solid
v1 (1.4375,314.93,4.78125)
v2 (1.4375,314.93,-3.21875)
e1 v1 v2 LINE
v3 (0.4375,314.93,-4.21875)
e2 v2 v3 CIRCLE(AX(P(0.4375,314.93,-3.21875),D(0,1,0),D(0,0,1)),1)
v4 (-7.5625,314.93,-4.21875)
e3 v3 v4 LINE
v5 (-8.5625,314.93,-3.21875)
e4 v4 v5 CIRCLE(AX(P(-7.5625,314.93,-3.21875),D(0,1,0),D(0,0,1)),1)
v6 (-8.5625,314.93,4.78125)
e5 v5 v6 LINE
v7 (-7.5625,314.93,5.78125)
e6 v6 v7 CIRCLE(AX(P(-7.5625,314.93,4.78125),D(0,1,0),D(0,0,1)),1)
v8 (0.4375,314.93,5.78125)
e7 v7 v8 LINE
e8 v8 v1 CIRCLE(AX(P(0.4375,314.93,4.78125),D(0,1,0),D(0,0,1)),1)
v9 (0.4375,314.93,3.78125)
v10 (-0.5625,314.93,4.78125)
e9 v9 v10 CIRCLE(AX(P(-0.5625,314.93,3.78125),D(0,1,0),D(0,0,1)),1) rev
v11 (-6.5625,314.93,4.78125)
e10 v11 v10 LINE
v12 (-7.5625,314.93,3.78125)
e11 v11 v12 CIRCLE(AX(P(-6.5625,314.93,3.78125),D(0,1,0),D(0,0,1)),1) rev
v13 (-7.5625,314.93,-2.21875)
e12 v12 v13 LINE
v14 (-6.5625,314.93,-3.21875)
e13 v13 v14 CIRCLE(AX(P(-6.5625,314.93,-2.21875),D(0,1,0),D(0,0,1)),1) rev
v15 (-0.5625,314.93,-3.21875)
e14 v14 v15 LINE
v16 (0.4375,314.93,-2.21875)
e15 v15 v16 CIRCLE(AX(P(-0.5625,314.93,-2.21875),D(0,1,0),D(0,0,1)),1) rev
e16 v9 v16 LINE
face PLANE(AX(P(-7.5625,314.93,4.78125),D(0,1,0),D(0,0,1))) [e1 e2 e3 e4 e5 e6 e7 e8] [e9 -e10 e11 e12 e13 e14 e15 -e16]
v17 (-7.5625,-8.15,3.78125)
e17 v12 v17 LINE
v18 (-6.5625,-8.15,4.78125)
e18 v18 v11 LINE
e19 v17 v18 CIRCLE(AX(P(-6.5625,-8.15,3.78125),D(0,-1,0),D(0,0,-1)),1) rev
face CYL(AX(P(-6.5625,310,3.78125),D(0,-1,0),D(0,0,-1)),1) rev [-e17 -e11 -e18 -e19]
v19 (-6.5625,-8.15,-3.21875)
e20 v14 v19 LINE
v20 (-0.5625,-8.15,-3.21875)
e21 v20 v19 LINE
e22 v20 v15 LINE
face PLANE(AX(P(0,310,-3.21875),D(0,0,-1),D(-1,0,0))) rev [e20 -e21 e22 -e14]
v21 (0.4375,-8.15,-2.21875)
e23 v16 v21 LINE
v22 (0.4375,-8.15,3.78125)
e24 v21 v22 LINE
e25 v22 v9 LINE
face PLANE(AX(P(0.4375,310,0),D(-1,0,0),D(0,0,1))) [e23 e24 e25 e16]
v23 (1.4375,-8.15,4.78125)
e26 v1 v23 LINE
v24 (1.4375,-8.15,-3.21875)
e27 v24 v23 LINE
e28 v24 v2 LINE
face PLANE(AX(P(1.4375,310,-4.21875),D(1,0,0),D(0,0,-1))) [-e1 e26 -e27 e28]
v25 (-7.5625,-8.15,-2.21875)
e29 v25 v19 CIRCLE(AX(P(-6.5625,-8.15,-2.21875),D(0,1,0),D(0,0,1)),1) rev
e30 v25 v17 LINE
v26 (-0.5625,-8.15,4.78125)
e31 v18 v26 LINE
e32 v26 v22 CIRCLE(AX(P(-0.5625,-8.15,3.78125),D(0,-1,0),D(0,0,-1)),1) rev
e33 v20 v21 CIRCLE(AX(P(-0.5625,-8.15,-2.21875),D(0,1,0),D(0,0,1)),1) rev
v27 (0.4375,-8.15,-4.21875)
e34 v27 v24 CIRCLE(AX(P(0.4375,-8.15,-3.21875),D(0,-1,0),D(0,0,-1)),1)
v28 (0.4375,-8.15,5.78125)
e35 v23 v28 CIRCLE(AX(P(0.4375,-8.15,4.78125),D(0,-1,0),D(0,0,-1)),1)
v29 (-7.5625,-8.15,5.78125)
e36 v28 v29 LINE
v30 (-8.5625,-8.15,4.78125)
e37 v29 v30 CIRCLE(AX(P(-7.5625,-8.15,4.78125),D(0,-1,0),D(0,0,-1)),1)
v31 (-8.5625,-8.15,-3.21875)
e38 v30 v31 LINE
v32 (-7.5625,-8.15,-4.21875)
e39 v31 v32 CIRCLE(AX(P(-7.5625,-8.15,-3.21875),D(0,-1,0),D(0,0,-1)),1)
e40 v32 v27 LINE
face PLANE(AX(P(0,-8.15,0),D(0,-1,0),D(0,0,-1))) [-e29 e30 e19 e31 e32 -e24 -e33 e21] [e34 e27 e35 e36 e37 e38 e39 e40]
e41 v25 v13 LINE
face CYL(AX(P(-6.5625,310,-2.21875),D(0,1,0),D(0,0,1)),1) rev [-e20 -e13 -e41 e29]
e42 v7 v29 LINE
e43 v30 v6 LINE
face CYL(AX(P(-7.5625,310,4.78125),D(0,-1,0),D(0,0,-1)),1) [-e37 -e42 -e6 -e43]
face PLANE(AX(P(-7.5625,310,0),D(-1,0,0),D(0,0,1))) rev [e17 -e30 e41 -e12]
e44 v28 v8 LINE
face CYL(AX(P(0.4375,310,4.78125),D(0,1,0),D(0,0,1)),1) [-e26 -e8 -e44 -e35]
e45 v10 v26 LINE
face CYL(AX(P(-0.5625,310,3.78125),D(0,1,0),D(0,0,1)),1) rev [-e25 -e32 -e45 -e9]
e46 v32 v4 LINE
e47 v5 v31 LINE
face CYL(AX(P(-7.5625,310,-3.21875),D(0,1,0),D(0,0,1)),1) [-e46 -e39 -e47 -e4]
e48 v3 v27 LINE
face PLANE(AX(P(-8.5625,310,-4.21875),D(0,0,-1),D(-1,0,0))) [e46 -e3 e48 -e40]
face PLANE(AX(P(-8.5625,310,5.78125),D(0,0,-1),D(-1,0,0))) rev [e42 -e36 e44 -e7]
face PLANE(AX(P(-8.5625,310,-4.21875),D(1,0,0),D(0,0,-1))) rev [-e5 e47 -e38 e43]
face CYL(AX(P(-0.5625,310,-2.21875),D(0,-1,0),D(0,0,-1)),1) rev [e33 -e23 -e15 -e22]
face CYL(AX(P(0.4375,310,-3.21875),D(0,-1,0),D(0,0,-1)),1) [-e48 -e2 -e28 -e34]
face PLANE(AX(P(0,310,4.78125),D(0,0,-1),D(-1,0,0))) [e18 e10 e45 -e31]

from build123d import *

# Parameters (mm, degrees)
SKETCH1_W           = 10
SKETCH1_H           = 10
BOSS_EXTRUDE1_DEPTH = 310
CUT_EXTRUDE1_DEPTH  = 310
FILLET1_R           = 1
FILLET2_R           = 1
FILLET3_R           = 1
FILLET4_R           = 1
BOSS_EXTRUDE2_DEPTH = 42
CUT_EXTRUDE2_DEPTH  = 35.07
CUT_EXTRUDE3_DEPTH  = 2
BOSS_EXTRUDE4_DEPTH = 370
CUT_EXTRUDE4_DEPTH  = 46.92
SKETCH14_W          = 1
SKETCH14_H          = 46.92
CUT_EXTRUDE5_DEPTH  = 46.92


with BuildPart() as part:
    # Sketch1 → Boss-Extrude1 (new body)
    with BuildSketch(Plane(origin=(0, 0, 0), x_dir=(1, 0, 0), z_dir=(0, 1, 0))):
        with Locations((-3.5625, -0.78125)):
            Rectangle(SKETCH1_W, SKETCH1_H)
    extrude(amount=BOSS_EXTRUDE1_DEPTH)

    # Sketch2 → Cut-Extrude1 (cut)
    with BuildSketch(Plane(origin=(0, 0, 0), x_dir=(-1, 0, 0), z_dir=(0, -1, 0))):
        Polygon((-0.4375, -4.78125), (7.5625, -4.78125), (-0.4375, 3.21875), align=None)
        Polygon((-0.4375, 3.21875), (7.5625, -4.78125), (7.5625, 3.21875), align=None)
    extrude(amount=-CUT_EXTRUDE1_DEPTH, mode=Mode.SUBTRACT)

    # Fillet1
    fillet1_edges = [part.edges().sort_by_distance(p)[0] for p in [
        (0.4375, 155, -3.21875),
        (-8.5625, 155, 5.78125),
        (-8.5625, 155, -4.21875),
        (1.4375, 155, 5.78125),
    ]]
    fillet(fillet1_edges, radius=FILLET1_R)

    # Fillet2
    fillet2_edges = [part.edges().sort_by_distance(p)[0] for p in [
        (-7.5625, 155, 4.78125),
        (1.4375, 155, -4.21875),
    ]]
    fillet(fillet2_edges, radius=FILLET2_R)

    # Fillet3
    fillet3_edges = [part.edges().sort_by_distance(p)[0] for p in [
        (0.4375, 155, 4.78125),
    ]]
    fillet(fillet3_edges, radius=FILLET3_R)

    # Fillet4
    fillet4_edges = [part.edges().sort_by_distance(p)[0] for p in [
        (-7.5625, 155, -3.21875),
    ]]
    fillet(fillet4_edges, radius=FILLET4_R)

    # Sketch3 → Boss-Extrude2 (add)
    with BuildSketch(Plane(origin=(0, 310, 0), x_dir=(1, 0, 0), z_dir=(0, 1, 0))):
        with BuildLine():
            ThreePointArc((0.4375, -5.78125), (1.144606781, -5.488356781), (1.4375, -4.78125))
            Line((1.4375, -4.78125), (1.4375, 3.21875))
            ThreePointArc((1.4375, 3.21875), (1.144606781, 3.925856781), (0.4375, 4.21875))
            Line((0.4375, 4.21875), (-7.5625, 4.21875))
            ThreePointArc((-7.5625, 4.21875), (-8.269606781, 3.925856781), (-8.5625, 3.21875))
            Line((-8.5625, 3.21875), (-8.5625, -4.78125))
            ThreePointArc((-8.5625, -4.78125), (-8.269606781, -5.488356781), (-7.5625, -5.78125))
            Line((-7.5625, -5.78125), (0.4375, -5.78125))
        make_face()
        with BuildLine():
            ThreePointArc((-0.5625, 3.21875), (0.144606781, 2.925856781), (0.4375, 2.21875))
            Line((0.4375, 2.21875), (0.4375, -3.78125))
            ThreePointArc((0.4375, -3.78125), (0.144606781, -4.488356781), (-0.5625, -4.78125))
            Line((-0.5625, -4.78125), (-6.5625, -4.78125))
            ThreePointArc((-6.5625, -4.78125), (-7.269606781, -4.488356781), (-7.5625, -3.78125))
            Line((-7.5625, -3.78125), (-7.5625, 2.21875))
            ThreePointArc((-7.5625, 2.21875), (-7.269606781, 2.925856781), (-6.5625, 3.21875))
            Line((-6.5625, 3.21875), (-0.5625, 3.21875))
        make_face(mode=Mode.SUBTRACT)
    extrude(amount=BOSS_EXTRUDE2_DEPTH)

    # Sketch4 → Cut-Extrude2 (cut)
    with BuildSketch(Plane(origin=(0, 352, 0), x_dir=(1, 0, 0), z_dir=(0, 1, 0))):
        with BuildLine():
            Line((-7.5625, -5.78125), (0.4375, -5.78125))
            ThreePointArc((0.4375, -5.78125), (1.144606781, -5.488356781), (1.4375, -4.78125))
            Line((1.4375, -4.78125), (1.4375, 3.21875))
            ThreePointArc((1.4375, 3.21875), (1.144606781, 3.925856781), (0.4375, 4.21875))
            Line((0.4375, 4.21875), (-7.5625, 4.21875))
            ThreePointArc((-7.5625, 4.21875), (-8.269606781, 3.925856781), (-8.5625, 3.21875))
            Line((-8.5625, 3.21875), (-8.5625, -4.78125))
            ThreePointArc((-8.5625, -4.78125), (-8.269606781, -5.488356781), (-7.5625, -5.78125))
        make_face()
        with BuildLine():
            Line((-6.5625, 3.21875), (-0.5625, 3.21875))
            ThreePointArc((-0.5625, 3.21875), (0.144606781, 2.925856781), (0.4375, 2.21875))
            Line((0.4375, 2.21875), (0.4375, -3.78125))
            ThreePointArc((0.4375, -3.78125), (0.144606781, -4.488356781), (-0.5625, -4.78125))
            Line((-0.5625, -4.78125), (-6.5625, -4.78125))
            ThreePointArc((-6.5625, -4.78125), (-7.269606781, -4.488356781), (-7.5625, -3.78125))
            Line((-7.5625, -3.78125), (-7.5625, 2.21875))
            ThreePointArc((-7.5625, 2.21875), (-7.269606781, 2.925856781), (-6.5625, 3.21875))
        make_face(mode=Mode.SUBTRACT)
    extrude(amount=-CUT_EXTRUDE2_DEPTH, mode=Mode.SUBTRACT)

    # Sketch6 → Cut-Extrude3 (cut)
    with BuildSketch(Plane(origin=(0, 316.93, 0), x_dir=(1, 0, 0), z_dir=(0, 1, 0))):
        with BuildLine():
            Line((-7.5625, -5.78125), (0.4375, -5.78125))
            ThreePointArc((0.4375, -5.78125), (1.144606781, -5.488356781), (1.4375, -4.78125))
            Line((1.4375, -4.78125), (1.4375, 3.21875))
            ThreePointArc((1.4375, 3.21875), (1.144606781, 3.925856781), (0.4375, 4.21875))
            Line((0.4375, 4.21875), (-7.5625, 4.21875))
            ThreePointArc((-7.5625, 4.21875), (-8.269606781, 3.925856781), (-8.5625, 3.21875))
            Line((-8.5625, 3.21875), (-8.5625, -4.78125))
            ThreePointArc((-8.5625, -4.78125), (-8.269606781, -5.488356781), (-7.5625, -5.78125))
        make_face()
    extrude(amount=-CUT_EXTRUDE3_DEPTH, mode=Mode.SUBTRACT)

    # Sketch7 → Boss-Extrude4 (add)
    with BuildSketch(Plane(origin=(0, 314.93, 0), x_dir=(1, 0, 0), z_dir=(0, 1, 0))):
        with BuildLine():
            Line((-8.5625, 3.21875), (-8.5625, -4.78125))
            ThreePointArc((-8.5625, -4.78125), (-8.269606781, -5.488356781), (-7.5625, -5.78125))
            Line((-7.5625, -5.78125), (0.4375, -5.78125))
            ThreePointArc((0.4375, -5.78125), (1.144606781, -5.488356781), (1.4375, -4.78125))
            Line((1.4375, -4.78125), (1.4375, 3.21875))
            ThreePointArc((1.4375, 3.21875), (1.144606781, 3.925856781), (0.4375, 4.21875))
            Line((0.4375, 4.21875), (-7.5625, 4.21875))
            ThreePointArc((-7.5625, 4.21875), (-8.269606781, 3.925856781), (-8.5625, 3.21875))
        make_face()
        with BuildLine():
            Line((-6.5625, 3.21875), (-0.5625, 3.21875))
            ThreePointArc((-0.5625, 3.21875), (0.144606781, 2.925856781), (0.4375, 2.21875))
            Line((0.4375, 2.21875), (0.4375, -3.78125))
            ThreePointArc((0.4375, -3.78125), (0.144606781, -4.488356781), (-0.5625, -4.78125))
            Line((-0.5625, -4.78125), (-6.5625, -4.78125))
            ThreePointArc((-6.5625, -4.78125), (-7.269606781, -4.488356781), (-7.5625, -3.78125))
            Line((-7.5625, -3.78125), (-7.5625, 2.21875))
            ThreePointArc((-7.5625, 2.21875), (-7.269606781, 2.925856781), (-6.5625, 3.21875))
        make_face(mode=Mode.SUBTRACT)
    extrude(amount=-BOSS_EXTRUDE4_DEPTH)

    # Sketch13 → Cut-Extrude4 (cut)
    with BuildSketch(Plane(origin=(0, -55.07, 0), x_dir=(-1, 0, 0), z_dir=(0, -1, 0))):
        with BuildLine():
            Line((6.7625, -4.78125), (7.5625, -5.78125))
            ThreePointArc((7.5625, -5.78125), (8.269606781, -5.488356781), (8.5625, -4.78125))
            Line((8.5625, -4.78125), (8.5625, 3.21875))
            ThreePointArc((8.5625, 3.21875), (8.269606781, 3.925856781), (7.5625, 4.21875))
            Line((7.5625, 4.21875), (3.5625, 4.21875))
            Line((3.5625, 4.21875), (3.5625, 3.21875))
            Line((3.5625, 3.21875), (6.5625, 3.21875))
            Line((6.5625, 3.21875), (7.5625, 3.21875))
            Line((7.5625, 3.21875), (7.5625, 2.21875))
            Line((7.5625, 2.21875), (7.5625, -3.78125))
            Line((7.5625, -3.78125), (7.5625, -4.78125))
            Line((7.5625, -4.78125), (6.7625, -4.78125))
        make_face()
        with BuildLine():
            Line((-0.4375, -5.78125), (7.5625, -5.78125))
            Line((7.5625, -5.78125), (6.7625, -4.78125))
            Line((6.7625, -4.78125), (6.5625, -4.78125))
            Line((6.5625, -4.78125), (0.5625, -4.78125))
            Line((0.5625, -4.78125), (-0.4375, -4.78125))
            Line((-0.4375, -4.78125), (-0.4375, -3.78125))
            Line((-0.4375, -3.78125), (-0.4375, 2.21875))
            Line((-0.4375, 2.21875), (-0.4375, 3.21875))
            Line((-0.4375, 3.21875), (0.3625, 3.21875))
            Line((0.3625, 3.21875), (-0.4375, 4.21875))
            ThreePointArc((-0.4375, 4.21875), (-1.144606781, 3.925856781), (-1.4375, 3.21875))
            Line((-1.4375, 3.21875), (-1.4375, -4.78125))
            ThreePointArc((-1.4375, -4.78125), (-1.144606781, -5.488356781), (-0.4375, -5.78125))
        make_face()
        Polygon((-0.4375, 4.21875), (0.3625, 3.21875), (0.5625, 3.21875), (3.5625, 3.21875), (3.5625, 4.21875), align=None)
    extrude(amount=-CUT_EXTRUDE4_DEPTH, mode=Mode.SUBTRACT)

    # Sketch14 → Cut-Extrude5 (cut)
    with BuildSketch(Plane(origin=(0.4375, 0, 0), x_dir=(0, 0, -1), z_dir=(1, 0, 0))):
        with Locations((-4.28125, -31.61)):
            Rectangle(SKETCH14_W, SKETCH14_H)
        with Locations((2.71875, -31.61)):
            Rectangle(SKETCH14_W, SKETCH14_H)
    extrude(amount=-CUT_EXTRUDE5_DEPTH, mode=Mode.SUBTRACT)


solid = part.part
